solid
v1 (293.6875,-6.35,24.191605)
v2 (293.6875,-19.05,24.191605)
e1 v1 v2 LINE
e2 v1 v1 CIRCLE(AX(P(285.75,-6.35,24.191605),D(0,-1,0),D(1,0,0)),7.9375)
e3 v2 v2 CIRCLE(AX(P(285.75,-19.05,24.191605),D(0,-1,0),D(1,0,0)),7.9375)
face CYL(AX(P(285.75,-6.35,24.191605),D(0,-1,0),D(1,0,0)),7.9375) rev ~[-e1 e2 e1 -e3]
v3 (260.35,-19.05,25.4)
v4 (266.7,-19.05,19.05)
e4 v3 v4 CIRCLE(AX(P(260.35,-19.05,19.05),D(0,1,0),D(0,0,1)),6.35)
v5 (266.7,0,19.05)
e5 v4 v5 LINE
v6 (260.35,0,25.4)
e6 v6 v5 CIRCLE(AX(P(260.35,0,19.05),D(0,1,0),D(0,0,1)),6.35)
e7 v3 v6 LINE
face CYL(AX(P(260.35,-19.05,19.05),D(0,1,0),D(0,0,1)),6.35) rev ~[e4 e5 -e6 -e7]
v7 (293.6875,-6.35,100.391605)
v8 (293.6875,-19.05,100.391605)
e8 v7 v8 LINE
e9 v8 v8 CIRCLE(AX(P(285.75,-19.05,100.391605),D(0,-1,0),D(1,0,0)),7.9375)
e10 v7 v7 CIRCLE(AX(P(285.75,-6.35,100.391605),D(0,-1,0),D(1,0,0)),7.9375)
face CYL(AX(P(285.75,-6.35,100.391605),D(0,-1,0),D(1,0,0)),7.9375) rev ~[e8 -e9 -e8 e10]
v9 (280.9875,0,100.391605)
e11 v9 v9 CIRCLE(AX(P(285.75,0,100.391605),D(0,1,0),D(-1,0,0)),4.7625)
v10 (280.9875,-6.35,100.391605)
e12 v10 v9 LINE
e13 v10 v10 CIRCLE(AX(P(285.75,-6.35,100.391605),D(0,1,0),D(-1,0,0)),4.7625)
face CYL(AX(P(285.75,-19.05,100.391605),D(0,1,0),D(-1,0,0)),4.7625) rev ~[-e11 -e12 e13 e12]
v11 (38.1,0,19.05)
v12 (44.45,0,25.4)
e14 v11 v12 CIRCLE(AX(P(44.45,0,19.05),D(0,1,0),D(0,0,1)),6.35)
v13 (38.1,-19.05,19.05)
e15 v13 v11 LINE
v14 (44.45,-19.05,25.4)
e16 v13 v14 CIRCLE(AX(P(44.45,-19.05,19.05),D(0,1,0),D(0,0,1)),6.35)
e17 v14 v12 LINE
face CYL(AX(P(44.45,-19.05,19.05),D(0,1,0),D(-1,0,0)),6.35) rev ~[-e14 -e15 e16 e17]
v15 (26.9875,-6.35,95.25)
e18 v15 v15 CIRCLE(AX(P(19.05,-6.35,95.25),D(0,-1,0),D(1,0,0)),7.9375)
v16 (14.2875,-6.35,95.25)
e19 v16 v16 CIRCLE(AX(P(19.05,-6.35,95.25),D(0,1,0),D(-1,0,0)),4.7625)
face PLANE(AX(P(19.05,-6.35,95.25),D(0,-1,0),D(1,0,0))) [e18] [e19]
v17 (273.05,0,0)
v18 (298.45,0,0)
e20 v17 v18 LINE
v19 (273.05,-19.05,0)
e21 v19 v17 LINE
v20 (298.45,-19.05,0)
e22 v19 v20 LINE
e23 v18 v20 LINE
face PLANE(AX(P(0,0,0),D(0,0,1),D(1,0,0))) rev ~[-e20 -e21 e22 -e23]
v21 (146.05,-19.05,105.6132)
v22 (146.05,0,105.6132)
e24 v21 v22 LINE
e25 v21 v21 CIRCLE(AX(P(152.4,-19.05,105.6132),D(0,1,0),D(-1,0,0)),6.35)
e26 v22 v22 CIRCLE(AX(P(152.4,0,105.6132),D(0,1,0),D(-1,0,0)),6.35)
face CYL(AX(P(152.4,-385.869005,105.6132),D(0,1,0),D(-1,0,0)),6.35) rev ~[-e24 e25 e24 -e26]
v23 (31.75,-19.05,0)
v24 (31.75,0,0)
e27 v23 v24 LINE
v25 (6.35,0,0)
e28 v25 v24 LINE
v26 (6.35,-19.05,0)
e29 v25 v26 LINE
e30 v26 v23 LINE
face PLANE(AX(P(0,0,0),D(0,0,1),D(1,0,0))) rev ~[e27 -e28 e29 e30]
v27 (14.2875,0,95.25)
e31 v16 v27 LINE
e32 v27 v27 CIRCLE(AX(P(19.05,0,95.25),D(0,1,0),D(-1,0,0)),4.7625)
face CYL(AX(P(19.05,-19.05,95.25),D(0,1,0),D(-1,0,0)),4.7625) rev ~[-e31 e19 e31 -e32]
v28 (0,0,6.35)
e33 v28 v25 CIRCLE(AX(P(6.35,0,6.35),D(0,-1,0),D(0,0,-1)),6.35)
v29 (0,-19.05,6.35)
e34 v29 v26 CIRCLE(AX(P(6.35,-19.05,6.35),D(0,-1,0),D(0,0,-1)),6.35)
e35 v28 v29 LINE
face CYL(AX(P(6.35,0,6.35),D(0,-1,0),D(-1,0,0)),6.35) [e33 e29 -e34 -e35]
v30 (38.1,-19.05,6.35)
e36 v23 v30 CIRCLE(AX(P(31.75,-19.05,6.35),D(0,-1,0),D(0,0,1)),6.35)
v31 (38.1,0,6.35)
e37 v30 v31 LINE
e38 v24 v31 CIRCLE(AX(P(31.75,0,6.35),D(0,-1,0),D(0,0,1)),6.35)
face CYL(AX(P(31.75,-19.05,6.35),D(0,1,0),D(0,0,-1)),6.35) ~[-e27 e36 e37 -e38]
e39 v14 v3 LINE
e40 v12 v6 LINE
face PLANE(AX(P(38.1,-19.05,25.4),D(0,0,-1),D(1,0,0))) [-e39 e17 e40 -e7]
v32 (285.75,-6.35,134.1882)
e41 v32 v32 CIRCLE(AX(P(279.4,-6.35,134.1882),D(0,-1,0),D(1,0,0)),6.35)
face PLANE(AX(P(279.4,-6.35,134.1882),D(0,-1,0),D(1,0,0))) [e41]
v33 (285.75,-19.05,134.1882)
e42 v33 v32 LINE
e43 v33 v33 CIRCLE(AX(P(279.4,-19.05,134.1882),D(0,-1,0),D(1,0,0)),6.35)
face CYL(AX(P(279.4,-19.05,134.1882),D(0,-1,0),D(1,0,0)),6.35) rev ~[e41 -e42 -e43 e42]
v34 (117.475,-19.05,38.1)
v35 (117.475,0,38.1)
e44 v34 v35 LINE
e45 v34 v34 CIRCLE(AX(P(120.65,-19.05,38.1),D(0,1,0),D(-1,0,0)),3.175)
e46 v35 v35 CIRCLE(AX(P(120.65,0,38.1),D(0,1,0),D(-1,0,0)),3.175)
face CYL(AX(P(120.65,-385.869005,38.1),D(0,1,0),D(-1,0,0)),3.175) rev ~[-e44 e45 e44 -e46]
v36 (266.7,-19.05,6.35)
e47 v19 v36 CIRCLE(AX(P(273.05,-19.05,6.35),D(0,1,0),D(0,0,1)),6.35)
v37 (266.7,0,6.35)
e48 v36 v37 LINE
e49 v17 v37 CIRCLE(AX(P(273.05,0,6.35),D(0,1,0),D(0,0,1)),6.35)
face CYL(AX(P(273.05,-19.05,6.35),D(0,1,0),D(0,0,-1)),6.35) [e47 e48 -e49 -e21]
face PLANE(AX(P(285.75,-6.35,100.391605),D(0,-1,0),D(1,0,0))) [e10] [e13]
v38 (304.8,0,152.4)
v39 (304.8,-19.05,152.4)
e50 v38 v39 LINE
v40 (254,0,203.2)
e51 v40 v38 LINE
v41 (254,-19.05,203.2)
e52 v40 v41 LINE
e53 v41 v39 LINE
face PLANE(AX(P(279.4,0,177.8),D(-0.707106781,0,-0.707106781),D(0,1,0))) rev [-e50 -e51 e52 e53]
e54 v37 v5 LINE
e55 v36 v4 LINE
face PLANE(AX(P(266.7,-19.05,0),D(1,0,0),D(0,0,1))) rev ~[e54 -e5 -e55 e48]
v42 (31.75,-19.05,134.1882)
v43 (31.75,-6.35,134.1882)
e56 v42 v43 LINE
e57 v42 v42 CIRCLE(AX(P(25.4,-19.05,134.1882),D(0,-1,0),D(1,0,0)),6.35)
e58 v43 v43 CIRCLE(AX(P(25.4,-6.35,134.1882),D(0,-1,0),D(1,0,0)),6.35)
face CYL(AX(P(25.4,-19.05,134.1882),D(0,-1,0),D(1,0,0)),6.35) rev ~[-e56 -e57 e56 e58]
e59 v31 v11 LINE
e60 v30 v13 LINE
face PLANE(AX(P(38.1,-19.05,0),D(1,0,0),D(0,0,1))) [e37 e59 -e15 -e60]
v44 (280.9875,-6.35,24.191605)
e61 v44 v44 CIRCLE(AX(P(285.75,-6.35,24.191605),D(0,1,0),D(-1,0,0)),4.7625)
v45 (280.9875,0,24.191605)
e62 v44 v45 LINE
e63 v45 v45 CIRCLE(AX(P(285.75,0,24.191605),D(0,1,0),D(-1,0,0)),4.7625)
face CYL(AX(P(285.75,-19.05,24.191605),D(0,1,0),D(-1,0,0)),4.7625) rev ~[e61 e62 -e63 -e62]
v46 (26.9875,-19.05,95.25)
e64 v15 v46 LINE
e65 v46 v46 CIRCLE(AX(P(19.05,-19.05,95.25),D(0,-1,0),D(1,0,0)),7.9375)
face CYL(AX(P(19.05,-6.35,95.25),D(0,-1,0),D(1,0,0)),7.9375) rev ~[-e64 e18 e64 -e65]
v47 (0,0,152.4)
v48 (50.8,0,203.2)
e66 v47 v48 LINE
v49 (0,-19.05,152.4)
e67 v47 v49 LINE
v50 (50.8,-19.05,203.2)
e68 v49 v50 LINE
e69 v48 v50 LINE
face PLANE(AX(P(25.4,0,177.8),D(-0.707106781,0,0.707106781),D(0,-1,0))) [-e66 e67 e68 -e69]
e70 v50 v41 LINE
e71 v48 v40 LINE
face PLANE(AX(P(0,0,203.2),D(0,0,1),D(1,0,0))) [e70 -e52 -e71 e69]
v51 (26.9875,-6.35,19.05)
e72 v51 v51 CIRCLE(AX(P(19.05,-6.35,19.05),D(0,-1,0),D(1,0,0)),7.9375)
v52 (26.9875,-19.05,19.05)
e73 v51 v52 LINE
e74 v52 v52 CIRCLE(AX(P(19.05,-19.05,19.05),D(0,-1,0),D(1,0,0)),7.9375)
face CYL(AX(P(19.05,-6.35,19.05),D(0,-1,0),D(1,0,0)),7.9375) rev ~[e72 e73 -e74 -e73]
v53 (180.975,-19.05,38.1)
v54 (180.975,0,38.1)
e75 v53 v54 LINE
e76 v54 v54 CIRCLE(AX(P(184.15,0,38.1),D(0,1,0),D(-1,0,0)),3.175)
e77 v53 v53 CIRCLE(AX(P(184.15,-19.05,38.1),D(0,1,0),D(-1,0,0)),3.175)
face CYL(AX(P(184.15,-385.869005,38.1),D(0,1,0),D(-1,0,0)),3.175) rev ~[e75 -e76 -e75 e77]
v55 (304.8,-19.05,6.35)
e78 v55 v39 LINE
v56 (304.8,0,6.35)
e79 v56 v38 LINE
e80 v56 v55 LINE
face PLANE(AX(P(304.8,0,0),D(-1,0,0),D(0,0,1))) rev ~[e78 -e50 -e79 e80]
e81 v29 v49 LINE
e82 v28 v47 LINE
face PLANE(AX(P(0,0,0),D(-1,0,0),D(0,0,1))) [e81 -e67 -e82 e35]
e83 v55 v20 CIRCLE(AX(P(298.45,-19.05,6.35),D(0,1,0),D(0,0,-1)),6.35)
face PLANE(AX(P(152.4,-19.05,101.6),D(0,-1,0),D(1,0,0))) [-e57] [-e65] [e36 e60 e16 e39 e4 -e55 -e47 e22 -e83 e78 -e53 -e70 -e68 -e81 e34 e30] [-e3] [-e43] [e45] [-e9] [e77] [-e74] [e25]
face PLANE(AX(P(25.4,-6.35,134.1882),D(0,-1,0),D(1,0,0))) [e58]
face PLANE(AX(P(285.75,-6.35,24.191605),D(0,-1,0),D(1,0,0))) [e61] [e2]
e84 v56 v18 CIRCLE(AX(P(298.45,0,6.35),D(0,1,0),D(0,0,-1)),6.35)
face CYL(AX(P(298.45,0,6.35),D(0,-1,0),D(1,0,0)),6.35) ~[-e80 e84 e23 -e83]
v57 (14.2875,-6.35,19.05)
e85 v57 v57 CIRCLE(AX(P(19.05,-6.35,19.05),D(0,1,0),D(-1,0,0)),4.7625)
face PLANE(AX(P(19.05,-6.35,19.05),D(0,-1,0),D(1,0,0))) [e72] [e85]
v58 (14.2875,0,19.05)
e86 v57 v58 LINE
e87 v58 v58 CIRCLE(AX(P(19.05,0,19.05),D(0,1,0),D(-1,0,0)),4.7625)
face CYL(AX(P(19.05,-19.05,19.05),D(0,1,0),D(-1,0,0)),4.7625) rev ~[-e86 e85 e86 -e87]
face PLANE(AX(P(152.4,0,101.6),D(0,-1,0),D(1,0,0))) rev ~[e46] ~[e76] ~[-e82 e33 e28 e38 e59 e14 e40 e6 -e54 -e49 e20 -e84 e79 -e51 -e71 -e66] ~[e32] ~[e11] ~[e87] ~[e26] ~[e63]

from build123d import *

# Parameters (mm, degrees)
F0_W            = 304.8
F0_H            = 203.2
F1_DEPTH        = 19.05
F2_W            = 228.6
F2_H            = 25.4
F3_DEPTH        = 19.051
F5_D            = 6.35
F6_R            = 6.35
F8_D            = 12.7
F9_R            = 6.35
F10_DEPTH       = 12.7
F12_D           = 9.525
F12_CBORE_D     = 15.875
F12_CBORE_DEPTH = 12.7
F13_SIZE        = 50.8


with BuildPart() as f1:
    # F0 (on Front) → F1 (new body)
    with BuildSketch(Plane.XZ):
        with Locations((152.4, 101.6)):
            Rectangle(F0_W, F0_H)
    extrude(amount=F1_DEPTH)

    # F2 (on face) → F3 (cut, through all)
    with BuildSketch(Plane.XZ.offset(19.05)):
        with Locations((152.4, 12.7)):
            Rectangle(F2_W, F2_H)
    extrude(amount=-F3_DEPTH, mode=Mode.SUBTRACT)

    # F5 (through all)
    with Locations(Plane.XZ.offset(19.05)):
        with Locations((120.65, 38.1), (184.15, 38.1)):
            Hole(F5_D / 2)

    # F6
    f6_edges = [f1.edges().sort_by_distance(p)[0] for p in [
        (38.1, -9.525, 0),
        (38.1, -9.525, 25.4),
        (0, -9.525, 0),
        (266.7, -9.525, 25.4),
        (266.7, -9.525, 0),
        (304.8, -9.525, 0),
    ]]
    fillet(f6_edges, radius=F6_R)

    # F8 (through all)
    with Locations(Plane.XZ.offset(19.05)):
        with Locations((152.4, 105.6132)):
            Hole(F8_D / 2)

    # F9 (on face) → F10 (cut)
    with BuildSketch(Plane.XZ.offset(19.05)):
        with Locations((25.4, 134.1882)):
            Circle(F9_R)
        with Locations((279.4, 134.1882)):
            Circle(F9_R)
    extrude(amount=-F10_DEPTH, mode=Mode.SUBTRACT)

    # F12 (through all)
    with Locations(Plane.XZ.offset(19.05)):
        with Locations((19.05, 95.25), (285.75, 100.3916049272), (285.75, 24.1916049272), (19.05, 19.05)):
            CounterBoreHole(F12_D / 2, F12_CBORE_D / 2, F12_CBORE_DEPTH)

    # F13
    f13_edges = [f1.edges().sort_by_distance(p)[0] for p in [
        (0, -9.525, 203.2),
        (304.8, -9.525, 203.2),
    ]]
    chamfer(f13_edges, length=F13_SIZE)


solid = f1.part
